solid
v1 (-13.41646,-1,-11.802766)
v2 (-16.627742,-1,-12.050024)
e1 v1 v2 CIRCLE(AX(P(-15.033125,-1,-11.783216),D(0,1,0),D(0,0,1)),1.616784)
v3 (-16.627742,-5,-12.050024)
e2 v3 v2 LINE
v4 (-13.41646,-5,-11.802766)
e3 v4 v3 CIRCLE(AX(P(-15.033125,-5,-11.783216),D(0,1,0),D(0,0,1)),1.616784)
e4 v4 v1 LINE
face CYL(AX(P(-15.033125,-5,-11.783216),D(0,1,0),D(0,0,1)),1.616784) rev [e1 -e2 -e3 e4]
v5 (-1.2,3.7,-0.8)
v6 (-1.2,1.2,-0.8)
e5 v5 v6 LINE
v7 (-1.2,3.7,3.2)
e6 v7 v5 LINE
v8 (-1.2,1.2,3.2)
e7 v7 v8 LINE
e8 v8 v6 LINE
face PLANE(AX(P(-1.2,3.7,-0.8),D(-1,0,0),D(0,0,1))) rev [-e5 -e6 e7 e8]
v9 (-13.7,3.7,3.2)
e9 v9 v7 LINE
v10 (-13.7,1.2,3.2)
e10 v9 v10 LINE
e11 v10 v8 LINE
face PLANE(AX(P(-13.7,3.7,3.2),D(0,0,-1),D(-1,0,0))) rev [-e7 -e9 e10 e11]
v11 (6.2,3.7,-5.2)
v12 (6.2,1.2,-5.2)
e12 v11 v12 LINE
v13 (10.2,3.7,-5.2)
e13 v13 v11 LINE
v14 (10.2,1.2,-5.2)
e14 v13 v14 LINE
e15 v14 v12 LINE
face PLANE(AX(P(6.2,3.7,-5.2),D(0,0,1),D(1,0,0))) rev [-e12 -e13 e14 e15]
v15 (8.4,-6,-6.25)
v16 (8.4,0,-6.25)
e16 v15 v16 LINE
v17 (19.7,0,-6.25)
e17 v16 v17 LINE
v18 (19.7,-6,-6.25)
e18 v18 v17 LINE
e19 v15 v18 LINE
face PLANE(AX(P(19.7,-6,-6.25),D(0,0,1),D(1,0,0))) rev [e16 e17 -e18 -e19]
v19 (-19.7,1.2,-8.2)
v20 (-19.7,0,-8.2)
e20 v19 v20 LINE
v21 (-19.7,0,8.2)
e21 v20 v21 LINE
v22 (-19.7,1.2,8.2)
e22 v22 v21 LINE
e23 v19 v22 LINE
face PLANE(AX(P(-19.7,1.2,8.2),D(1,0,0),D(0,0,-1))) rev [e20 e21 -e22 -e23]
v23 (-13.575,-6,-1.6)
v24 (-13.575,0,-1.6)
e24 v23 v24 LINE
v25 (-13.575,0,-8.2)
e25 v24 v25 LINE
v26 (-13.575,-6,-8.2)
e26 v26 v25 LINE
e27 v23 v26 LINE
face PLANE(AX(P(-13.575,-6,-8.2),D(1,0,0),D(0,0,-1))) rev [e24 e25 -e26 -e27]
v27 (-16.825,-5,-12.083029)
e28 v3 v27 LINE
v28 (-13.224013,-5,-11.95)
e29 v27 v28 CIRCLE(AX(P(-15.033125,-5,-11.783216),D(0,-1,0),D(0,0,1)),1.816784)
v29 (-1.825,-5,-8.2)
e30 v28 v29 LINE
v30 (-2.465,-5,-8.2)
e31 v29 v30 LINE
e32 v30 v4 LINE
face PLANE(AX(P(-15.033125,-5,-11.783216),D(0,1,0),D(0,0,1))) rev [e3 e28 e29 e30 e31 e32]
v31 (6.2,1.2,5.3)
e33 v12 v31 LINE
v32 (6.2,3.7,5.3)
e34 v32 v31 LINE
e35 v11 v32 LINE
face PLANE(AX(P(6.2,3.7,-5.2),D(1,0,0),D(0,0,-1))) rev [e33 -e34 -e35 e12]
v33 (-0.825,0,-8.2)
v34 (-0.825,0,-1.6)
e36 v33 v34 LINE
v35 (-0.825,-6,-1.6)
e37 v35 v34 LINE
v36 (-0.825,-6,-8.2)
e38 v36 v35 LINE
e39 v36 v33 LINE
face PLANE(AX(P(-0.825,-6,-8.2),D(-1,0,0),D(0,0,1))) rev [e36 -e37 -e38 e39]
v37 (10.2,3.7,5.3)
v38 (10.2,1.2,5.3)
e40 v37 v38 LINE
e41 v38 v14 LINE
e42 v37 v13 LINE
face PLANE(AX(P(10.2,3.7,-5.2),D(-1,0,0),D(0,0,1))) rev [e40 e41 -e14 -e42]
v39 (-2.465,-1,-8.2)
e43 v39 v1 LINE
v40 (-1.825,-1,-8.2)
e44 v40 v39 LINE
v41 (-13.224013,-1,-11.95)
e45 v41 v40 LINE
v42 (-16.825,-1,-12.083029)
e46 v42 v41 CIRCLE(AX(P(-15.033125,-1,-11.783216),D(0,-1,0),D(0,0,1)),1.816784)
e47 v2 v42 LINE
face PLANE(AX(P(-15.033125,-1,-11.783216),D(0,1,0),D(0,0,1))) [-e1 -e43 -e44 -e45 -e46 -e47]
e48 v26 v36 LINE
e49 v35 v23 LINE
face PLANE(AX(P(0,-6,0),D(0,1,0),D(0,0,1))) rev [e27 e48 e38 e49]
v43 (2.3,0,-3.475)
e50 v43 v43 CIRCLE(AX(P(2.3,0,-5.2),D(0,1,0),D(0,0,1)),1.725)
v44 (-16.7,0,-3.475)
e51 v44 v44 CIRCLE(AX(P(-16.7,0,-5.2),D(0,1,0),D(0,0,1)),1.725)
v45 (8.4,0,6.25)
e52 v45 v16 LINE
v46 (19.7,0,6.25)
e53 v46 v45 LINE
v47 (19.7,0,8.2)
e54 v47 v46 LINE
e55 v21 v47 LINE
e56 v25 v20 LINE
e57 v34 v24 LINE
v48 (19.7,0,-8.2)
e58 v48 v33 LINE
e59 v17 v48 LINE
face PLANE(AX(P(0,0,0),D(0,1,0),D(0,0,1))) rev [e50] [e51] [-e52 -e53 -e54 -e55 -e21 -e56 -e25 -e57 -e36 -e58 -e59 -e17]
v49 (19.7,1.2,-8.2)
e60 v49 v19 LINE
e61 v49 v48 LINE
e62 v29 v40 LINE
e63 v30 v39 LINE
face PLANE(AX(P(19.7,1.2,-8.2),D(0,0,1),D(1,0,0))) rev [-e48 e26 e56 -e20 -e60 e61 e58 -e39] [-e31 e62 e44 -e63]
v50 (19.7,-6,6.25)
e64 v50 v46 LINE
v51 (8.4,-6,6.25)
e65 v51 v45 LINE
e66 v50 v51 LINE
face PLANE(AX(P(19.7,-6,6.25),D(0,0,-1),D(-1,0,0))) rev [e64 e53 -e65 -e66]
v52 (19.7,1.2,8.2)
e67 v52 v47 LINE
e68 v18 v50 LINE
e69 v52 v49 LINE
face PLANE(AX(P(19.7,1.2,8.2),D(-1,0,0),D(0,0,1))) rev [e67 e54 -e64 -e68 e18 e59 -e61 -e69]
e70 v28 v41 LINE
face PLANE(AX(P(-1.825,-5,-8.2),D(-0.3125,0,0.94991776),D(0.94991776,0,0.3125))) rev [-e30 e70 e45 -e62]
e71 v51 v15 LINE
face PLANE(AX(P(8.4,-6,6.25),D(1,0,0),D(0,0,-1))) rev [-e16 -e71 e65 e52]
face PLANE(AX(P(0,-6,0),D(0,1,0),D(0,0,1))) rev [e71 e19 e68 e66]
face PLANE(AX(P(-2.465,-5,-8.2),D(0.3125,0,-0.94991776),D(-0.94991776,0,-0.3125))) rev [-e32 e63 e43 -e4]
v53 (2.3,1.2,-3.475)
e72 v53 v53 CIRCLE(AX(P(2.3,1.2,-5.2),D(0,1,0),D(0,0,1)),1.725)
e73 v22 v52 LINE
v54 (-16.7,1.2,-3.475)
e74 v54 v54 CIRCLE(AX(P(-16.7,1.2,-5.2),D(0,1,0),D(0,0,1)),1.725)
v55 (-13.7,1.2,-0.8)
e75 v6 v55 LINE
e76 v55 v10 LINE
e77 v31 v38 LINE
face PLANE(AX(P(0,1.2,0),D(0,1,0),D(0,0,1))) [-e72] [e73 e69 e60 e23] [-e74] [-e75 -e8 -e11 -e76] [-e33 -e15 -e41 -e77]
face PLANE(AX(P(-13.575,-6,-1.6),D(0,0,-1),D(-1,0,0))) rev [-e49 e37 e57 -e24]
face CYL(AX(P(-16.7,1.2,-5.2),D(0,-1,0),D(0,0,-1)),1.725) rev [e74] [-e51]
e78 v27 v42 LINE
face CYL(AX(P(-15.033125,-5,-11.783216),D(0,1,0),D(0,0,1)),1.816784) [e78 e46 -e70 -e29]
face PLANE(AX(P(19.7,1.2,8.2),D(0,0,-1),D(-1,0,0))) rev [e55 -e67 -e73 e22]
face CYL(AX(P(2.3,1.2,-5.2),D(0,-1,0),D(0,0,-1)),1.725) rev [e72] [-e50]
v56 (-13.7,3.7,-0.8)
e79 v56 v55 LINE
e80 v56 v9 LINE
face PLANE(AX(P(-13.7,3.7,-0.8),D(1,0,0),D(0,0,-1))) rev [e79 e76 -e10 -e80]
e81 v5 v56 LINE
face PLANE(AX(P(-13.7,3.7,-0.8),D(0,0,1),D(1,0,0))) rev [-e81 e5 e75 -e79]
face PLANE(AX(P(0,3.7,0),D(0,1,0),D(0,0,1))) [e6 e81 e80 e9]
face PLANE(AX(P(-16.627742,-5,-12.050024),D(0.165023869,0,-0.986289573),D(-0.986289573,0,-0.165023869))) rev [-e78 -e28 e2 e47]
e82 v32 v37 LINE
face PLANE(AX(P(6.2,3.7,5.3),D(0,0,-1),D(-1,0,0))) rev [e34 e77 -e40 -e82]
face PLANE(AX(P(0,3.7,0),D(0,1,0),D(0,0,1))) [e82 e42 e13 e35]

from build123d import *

# Parameters (mm, degrees)
SKETCH1_W           = 39.4
SKETCH1_H           = 16.4
SKETCH1_R           = 1.725
BOSS_EXTRUDE1_DEPTH = 1.2
SKETCH2_W           = 12.5
SKETCH2_H           = 4
SKETCH2_W_2         = 4
SKETCH2_H_2         = 10.5
BOSS_EXTRUDE2_DEPTH = 2.5
SKETCH3_W           = 11.3
SKETCH3_H           = 12.5
SKETCH3_W_2         = 12.75
SKETCH3_H_2         = 6.6
BOSS_EXTRUDE3_DEPTH = 6
BOSS_EXTRUDE4_DEPTH = 2


with BuildPart() as part:
    # Sketch1 → Boss-Extrude1 (new body)
    with BuildSketch(Plane(origin=(0, 0, 0), x_dir=(1, 0, 0), z_dir=(0, 1, 0))):
        Rectangle(SKETCH1_W, SKETCH1_H)
        with Locations(Location((-16.7, 5.2, 0), (0, 0, 270))):
            Circle(SKETCH1_R, mode=Mode.SUBTRACT)
        with Locations(Location((2.3, 5.2, 0), (0, 0, 270))):
            Circle(SKETCH1_R, mode=Mode.SUBTRACT)
    extrude(amount=BOSS_EXTRUDE1_DEPTH)

    # Sketch2 → Boss-Extrude2 (add)
    with BuildSketch(Plane(origin=(0, 1.2, 0), x_dir=(1, 0, 0), z_dir=(0, 1, 0))):
        with Locations((-7.45, -1.2)):
            Rectangle(SKETCH2_W, SKETCH2_H)
        with Locations((8.2, -0.05)):
            Rectangle(SKETCH2_W_2, SKETCH2_H_2)
    extrude(amount=BOSS_EXTRUDE2_DEPTH)

    # Sketch3 → Boss-Extrude3 (add)
    with BuildSketch(Plane.XZ):
        with Locations((14.05, 0)):
            Rectangle(SKETCH3_W, SKETCH3_H)
        with Locations((-7.2, -4.9)):
            Rectangle(SKETCH3_W_2, SKETCH3_H_2)
    extrude(amount=BOSS_EXTRUDE3_DEPTH)

    # Sketch4 → Boss-Extrude4 (add, symmetric)
    with BuildSketch(Plane(origin=(0, -3, 0), x_dir=(-1, 0, 0), z_dir=(0, -1, 0))):
        with BuildLine():
            Line((1.825, 8.2), (13.224013115, 11.95))
            ThreePointArc((13.224013115, 11.95), (14.96605462, 13.598761551), (16.825, 12.083028945))
            Line((16.825, 12.083028945), (16.627742085, 12.050024171))
            ThreePointArc((16.627742085, 12.050024171), (14.909005352, 13.395228648), (13.416459603, 11.802765704))
            Line((13.416459603, 11.802765704), (2.465, 8.2))
            Line((2.465, 8.2), (1.825, 8.2))
        make_face()
    extrude(amount=BOSS_EXTRUDE4_DEPTH, both=True)


solid = part.part
